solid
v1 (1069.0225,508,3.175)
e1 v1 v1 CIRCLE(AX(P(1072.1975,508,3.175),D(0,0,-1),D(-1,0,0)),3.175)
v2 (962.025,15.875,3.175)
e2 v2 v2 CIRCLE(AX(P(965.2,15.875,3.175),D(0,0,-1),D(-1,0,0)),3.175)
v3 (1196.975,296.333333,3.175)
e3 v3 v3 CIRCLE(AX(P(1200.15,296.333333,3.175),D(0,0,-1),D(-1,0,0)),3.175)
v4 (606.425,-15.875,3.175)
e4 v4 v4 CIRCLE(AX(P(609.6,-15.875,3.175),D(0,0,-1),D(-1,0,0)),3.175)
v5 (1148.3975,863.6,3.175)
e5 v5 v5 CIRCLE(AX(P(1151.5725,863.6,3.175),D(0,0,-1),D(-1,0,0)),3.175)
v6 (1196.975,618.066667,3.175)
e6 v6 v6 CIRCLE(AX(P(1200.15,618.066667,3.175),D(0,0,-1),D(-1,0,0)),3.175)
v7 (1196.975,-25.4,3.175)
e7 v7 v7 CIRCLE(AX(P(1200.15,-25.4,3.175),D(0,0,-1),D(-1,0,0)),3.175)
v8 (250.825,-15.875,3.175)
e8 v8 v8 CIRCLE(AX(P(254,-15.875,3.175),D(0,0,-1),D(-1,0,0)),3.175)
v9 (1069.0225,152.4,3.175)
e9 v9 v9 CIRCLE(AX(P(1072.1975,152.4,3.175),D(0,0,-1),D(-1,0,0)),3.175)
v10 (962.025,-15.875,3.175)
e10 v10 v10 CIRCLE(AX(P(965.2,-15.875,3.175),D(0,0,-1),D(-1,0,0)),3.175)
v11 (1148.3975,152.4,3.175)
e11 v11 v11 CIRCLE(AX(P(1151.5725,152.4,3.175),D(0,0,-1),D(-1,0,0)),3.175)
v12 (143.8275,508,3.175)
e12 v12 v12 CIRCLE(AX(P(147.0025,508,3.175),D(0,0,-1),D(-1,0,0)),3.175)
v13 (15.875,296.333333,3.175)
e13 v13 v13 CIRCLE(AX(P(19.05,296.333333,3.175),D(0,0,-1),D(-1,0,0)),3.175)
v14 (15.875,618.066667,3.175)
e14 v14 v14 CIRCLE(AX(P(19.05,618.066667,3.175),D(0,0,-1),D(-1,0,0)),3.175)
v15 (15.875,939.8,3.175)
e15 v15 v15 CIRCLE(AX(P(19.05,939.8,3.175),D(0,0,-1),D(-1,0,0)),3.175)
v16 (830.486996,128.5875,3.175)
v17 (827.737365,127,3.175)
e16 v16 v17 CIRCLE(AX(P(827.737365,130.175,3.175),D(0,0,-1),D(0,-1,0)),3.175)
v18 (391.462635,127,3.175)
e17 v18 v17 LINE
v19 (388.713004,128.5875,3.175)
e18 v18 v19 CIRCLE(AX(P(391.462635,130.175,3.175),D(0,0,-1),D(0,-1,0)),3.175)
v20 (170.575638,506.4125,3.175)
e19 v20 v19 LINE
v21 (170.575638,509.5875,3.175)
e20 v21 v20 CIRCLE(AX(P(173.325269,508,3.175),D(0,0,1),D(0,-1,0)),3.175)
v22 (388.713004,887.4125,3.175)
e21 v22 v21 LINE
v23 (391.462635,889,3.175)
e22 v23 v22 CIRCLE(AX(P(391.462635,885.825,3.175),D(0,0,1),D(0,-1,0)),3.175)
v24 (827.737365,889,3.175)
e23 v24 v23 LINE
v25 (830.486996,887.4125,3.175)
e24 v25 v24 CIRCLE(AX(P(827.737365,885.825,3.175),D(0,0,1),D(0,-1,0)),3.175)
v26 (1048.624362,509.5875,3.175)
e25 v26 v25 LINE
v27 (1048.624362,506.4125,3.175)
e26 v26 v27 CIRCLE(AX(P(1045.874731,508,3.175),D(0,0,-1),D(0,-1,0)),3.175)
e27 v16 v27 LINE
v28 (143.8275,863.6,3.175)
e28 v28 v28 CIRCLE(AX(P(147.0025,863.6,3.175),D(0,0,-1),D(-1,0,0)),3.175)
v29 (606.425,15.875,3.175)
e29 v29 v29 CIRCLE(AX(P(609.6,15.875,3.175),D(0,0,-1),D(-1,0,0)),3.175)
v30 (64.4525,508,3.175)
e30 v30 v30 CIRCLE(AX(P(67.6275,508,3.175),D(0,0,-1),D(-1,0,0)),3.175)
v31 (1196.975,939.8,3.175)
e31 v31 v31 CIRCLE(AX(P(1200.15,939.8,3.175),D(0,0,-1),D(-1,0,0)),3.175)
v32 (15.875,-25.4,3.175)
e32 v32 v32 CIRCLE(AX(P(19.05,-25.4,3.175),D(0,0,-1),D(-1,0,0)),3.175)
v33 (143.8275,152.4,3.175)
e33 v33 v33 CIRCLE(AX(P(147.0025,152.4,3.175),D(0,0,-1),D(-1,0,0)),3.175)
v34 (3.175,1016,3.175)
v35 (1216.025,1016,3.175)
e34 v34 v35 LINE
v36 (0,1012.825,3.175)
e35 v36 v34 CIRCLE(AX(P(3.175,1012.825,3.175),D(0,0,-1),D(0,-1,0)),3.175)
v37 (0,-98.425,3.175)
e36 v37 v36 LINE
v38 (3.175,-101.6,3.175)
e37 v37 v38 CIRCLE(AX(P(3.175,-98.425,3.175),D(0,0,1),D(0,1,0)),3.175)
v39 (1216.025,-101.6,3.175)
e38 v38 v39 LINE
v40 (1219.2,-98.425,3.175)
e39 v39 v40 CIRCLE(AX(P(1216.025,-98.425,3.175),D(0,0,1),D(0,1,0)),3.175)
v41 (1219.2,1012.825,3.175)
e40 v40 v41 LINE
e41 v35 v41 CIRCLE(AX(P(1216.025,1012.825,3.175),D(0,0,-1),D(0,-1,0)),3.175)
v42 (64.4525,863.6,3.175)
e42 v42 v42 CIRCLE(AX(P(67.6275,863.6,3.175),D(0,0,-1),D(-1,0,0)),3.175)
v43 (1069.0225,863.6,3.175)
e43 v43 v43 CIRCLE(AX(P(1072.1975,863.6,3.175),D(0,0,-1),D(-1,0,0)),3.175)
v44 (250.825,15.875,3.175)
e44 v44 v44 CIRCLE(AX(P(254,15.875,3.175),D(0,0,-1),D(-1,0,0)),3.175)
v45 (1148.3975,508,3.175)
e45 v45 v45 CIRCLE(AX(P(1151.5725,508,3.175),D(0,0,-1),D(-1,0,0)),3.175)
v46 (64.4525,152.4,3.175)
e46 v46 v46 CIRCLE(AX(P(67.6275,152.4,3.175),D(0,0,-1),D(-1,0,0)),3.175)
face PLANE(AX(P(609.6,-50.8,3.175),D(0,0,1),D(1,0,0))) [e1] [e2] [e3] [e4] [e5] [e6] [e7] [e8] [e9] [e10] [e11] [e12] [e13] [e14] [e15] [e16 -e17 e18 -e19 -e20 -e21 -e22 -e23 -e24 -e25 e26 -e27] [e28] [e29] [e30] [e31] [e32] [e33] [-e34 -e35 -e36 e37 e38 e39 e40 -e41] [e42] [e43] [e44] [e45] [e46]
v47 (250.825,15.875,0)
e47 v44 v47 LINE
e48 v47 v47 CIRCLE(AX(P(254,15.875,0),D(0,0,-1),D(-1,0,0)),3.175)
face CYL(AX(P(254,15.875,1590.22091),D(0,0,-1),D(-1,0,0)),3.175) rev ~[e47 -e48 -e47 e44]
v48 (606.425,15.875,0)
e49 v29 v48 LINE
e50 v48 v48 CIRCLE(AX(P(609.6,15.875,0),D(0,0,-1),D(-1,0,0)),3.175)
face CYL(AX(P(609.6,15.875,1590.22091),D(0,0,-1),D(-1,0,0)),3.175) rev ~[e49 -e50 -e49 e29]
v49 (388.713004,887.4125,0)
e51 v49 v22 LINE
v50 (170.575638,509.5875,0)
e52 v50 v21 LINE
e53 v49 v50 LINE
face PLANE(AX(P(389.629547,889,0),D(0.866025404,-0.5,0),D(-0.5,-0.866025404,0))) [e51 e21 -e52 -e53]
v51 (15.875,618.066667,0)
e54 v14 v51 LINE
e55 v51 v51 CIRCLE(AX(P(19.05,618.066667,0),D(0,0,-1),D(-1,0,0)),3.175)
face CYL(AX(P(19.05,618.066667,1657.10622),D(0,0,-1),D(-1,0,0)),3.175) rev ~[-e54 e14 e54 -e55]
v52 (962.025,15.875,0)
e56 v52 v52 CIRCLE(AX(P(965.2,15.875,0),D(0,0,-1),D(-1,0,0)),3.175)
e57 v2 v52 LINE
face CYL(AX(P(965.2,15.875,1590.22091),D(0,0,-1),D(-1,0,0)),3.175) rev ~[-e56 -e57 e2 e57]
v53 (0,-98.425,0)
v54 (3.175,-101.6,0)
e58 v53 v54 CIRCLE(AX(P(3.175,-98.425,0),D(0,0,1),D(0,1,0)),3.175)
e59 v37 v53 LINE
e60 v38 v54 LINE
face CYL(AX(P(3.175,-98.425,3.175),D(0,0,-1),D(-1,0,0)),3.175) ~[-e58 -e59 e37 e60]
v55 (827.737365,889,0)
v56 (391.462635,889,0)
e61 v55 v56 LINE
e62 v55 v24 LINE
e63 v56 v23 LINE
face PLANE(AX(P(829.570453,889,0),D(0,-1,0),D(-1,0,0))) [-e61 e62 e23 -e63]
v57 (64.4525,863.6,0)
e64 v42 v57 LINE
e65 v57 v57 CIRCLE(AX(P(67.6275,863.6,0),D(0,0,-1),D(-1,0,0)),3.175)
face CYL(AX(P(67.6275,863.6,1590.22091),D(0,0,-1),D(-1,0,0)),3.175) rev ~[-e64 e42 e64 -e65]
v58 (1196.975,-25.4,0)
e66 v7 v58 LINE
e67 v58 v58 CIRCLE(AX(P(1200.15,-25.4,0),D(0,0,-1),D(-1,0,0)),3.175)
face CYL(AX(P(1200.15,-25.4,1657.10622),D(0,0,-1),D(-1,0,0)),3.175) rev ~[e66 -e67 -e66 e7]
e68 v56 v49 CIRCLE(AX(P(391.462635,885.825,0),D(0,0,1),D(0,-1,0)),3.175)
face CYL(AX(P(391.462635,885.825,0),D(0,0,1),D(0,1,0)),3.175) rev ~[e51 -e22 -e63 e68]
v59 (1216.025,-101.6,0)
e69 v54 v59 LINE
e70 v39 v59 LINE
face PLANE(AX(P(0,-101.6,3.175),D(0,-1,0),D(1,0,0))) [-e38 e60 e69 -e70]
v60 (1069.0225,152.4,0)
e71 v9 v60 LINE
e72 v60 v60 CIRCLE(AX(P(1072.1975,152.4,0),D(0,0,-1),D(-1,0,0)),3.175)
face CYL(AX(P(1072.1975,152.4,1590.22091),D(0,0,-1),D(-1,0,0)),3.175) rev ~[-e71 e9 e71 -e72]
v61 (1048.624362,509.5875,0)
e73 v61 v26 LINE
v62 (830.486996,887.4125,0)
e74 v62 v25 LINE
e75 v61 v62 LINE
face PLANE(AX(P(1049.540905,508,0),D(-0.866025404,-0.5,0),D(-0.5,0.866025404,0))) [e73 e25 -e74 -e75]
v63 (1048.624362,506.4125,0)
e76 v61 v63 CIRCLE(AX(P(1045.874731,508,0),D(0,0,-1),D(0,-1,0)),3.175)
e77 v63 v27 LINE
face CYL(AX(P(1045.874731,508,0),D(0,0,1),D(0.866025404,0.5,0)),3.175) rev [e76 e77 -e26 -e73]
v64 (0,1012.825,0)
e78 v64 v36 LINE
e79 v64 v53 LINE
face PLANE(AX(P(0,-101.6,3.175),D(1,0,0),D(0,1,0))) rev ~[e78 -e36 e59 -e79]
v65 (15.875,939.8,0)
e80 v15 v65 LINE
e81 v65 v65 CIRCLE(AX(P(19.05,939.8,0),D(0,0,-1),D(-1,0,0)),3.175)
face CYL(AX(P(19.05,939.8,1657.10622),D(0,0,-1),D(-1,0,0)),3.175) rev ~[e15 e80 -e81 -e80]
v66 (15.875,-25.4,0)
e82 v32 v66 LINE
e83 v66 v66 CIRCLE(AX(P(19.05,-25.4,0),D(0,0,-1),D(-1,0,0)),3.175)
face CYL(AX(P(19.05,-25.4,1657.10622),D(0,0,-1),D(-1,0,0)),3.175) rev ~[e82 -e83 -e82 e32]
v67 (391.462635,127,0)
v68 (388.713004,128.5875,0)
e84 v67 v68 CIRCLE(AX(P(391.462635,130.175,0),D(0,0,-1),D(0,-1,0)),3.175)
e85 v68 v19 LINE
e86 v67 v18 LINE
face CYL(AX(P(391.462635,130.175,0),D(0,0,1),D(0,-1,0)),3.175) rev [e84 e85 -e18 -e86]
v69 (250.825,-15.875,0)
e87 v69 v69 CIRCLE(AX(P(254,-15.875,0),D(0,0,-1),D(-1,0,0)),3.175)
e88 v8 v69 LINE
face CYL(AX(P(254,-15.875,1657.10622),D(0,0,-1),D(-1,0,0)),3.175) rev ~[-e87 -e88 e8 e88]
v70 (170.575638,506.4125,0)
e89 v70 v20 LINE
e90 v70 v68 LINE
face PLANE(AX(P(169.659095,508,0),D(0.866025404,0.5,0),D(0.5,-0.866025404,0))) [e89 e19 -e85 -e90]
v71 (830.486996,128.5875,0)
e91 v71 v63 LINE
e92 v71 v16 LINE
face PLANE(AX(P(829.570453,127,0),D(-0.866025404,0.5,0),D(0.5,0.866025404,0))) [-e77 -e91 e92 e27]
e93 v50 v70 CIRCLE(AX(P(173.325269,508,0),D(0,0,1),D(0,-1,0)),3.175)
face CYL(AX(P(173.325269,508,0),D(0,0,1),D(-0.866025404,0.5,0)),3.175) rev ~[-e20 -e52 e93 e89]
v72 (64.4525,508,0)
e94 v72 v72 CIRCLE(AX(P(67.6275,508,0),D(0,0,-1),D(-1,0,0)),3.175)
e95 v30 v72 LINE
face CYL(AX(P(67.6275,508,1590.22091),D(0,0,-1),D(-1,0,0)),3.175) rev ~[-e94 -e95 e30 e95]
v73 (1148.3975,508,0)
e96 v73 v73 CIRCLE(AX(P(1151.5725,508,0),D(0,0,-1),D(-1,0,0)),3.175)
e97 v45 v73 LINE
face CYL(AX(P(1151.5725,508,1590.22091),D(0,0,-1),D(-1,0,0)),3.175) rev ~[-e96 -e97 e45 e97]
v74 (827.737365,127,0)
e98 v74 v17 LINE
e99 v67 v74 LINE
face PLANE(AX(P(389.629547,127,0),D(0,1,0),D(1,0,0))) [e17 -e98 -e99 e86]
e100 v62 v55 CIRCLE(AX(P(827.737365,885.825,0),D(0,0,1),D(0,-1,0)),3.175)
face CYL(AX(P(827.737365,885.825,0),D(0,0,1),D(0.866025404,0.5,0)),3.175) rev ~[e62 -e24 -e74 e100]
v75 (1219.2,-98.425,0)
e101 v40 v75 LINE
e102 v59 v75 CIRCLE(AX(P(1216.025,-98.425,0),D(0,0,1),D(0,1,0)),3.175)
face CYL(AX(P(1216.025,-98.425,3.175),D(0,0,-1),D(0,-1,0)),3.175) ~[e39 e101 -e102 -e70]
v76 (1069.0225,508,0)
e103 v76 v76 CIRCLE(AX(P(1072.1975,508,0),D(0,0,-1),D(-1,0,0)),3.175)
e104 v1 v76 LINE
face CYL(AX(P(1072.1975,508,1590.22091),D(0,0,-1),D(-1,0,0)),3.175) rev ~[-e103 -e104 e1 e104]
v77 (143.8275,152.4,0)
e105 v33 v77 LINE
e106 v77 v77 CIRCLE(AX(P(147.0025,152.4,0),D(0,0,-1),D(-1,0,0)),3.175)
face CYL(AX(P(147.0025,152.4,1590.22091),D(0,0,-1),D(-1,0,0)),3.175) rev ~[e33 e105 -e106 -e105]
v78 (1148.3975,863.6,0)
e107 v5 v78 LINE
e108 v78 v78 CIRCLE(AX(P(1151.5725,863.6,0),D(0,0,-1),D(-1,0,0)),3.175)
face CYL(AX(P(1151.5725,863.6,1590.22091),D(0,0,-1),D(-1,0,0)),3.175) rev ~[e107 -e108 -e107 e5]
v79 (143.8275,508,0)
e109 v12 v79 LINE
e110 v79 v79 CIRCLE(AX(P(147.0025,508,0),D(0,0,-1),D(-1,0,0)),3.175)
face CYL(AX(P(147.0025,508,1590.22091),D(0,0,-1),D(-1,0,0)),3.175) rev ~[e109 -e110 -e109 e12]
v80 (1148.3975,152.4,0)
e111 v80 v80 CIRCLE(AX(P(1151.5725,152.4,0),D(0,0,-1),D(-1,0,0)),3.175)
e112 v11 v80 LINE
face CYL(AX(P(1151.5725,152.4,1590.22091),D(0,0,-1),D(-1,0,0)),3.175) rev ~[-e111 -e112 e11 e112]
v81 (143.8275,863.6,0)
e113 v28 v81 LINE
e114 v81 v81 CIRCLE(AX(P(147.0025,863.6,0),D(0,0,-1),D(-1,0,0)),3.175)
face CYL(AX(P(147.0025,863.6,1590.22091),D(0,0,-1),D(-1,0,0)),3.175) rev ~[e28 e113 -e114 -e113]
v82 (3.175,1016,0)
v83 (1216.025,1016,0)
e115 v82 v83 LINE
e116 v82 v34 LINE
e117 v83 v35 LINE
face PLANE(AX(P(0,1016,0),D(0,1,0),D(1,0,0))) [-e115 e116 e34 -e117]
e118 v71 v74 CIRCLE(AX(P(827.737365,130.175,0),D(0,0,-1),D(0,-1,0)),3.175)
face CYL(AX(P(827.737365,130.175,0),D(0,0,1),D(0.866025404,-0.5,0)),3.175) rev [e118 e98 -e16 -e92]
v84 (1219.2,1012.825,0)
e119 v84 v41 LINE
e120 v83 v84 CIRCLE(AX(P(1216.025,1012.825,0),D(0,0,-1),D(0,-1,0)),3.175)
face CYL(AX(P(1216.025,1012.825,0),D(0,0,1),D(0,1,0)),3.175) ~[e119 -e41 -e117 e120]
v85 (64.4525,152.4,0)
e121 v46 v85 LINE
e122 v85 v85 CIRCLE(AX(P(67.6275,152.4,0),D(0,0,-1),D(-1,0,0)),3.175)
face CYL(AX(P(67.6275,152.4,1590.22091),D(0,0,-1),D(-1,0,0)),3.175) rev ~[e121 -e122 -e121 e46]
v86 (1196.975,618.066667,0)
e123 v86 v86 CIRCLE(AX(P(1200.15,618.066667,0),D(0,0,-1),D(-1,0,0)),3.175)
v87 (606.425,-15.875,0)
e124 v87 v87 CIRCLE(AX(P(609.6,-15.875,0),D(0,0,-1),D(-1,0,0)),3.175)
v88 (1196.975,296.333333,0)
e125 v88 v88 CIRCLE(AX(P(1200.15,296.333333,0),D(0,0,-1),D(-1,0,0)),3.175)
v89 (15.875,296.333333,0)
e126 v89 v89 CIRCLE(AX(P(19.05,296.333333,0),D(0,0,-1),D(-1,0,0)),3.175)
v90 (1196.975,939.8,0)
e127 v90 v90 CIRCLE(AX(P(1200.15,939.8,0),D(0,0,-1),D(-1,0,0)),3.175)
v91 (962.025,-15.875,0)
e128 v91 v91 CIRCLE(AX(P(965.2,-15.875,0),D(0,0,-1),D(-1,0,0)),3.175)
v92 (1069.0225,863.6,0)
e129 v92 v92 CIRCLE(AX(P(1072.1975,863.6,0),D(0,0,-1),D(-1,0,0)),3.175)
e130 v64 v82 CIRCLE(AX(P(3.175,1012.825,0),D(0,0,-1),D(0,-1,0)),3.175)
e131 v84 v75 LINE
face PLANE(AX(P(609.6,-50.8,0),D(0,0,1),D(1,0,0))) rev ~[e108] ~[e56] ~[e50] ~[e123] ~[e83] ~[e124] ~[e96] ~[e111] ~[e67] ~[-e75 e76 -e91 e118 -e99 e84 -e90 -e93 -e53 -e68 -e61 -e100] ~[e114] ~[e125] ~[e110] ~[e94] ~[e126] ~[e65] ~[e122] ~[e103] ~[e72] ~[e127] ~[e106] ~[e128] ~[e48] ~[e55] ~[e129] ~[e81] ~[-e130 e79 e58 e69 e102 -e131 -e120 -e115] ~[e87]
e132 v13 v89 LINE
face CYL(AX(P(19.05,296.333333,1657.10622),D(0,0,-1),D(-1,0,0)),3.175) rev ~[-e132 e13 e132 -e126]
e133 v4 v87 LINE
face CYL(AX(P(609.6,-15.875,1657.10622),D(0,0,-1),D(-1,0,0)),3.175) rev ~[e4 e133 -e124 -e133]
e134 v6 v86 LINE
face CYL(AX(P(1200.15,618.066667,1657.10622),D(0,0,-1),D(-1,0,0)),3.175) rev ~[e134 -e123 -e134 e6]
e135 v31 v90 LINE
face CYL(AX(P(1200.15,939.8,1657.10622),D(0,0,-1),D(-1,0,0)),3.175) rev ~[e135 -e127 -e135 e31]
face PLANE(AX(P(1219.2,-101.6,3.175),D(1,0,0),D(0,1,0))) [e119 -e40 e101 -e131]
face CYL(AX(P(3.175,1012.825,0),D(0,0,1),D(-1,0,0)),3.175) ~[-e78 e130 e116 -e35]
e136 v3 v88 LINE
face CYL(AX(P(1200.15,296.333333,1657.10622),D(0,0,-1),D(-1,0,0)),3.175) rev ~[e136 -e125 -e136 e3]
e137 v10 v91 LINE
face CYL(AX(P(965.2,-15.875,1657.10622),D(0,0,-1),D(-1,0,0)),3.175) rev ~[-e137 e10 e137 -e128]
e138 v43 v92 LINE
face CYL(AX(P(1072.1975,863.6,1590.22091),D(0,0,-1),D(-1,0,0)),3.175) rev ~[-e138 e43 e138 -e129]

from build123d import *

# Parameters (mm, degrees)
SKETCH1_W                    = 1219.2
SKETCH1_H                    = 1016
BOSS_EXTRUDE1_DEPTH          = 3.175
F_1_4_0_25_DIAMETER_HOLE1_D  = 6.35
F_1_4_0_25_DIAMETER_HOLE2_D  = 6.35
SKETCH7_W                    = 1219.2
SKETCH7_H                    = 101.6
BOSS_EXTRUDE2_DEPTH          = 3.175
F_1_4_0_25_DIAMETER_HOLE3_D  = 6.35
FILLET1_R                    = 3.175
F_1_4_0_266_DIAMETER_HOLE1_D = 6.35


with BuildPart() as part:
    # Sketch1 → Boss-Extrude1 (new body)
    with BuildSketch(Plane.XY):
        with Locations((609.6, 508)):
            Rectangle(SKETCH1_W, SKETCH1_H)
        Polygon((1049.540905122, 508), (829.570452561, 889), (389.629547439, 889), (169.659094878, 508), (389.629547439, 127), (829.570452561, 127), align=None, mode=Mode.SUBTRACT)
    extrude(amount=BOSS_EXTRUDE1_DEPTH)

    # 1/4 (0.25) Diameter Hole1 (through all)
    with Locations(Plane.XY.offset(3.175)):
        with Locations((254, 15.875), (609.6, 15.875), (965.2, 15.875)):
            Hole(F_1_4_0_25_DIAMETER_HOLE1_D / 2)

    # 1/4 (0.25) Diameter Hole2 (through all)
    with Locations(Plane.XY.offset(3.175)):
        with Locations((1151.5725, 863.6), (67.6275, 863.6), (147.0025, 863.6), (67.6275, 152.4), (147.0025, 152.4), (67.6275, 508), (147.0025, 508), (1072.1975, 152.4), (1151.5725, 152.4), (1072.1975, 508), (1151.5725, 508), (1072.1975, 863.6)):
            Hole(F_1_4_0_25_DIAMETER_HOLE2_D / 2)

    # Sketch7 → Boss-Extrude2 (add)
    with BuildSketch(Plane.XY.offset(3.175)):
        with Locations((609.6, -50.8)):
            Rectangle(SKETCH7_W, SKETCH7_H)
    extrude(amount=-BOSS_EXTRUDE2_DEPTH)

    # 1/4 (0.25) Diameter Hole3 (through all)
    with Locations(Plane.XY.offset(3.175)):
        with Locations((965.2, -15.875), (254, -15.875), (609.6, -15.875)):
            Hole(F_1_4_0_25_DIAMETER_HOLE3_D / 2)

    # Fillet1
    fillet1_edges = [part.edges().sort_by_distance(p)[0] for p in [
        (0, -101.6, 1.5875),
        (1219.2, -101.6, 1.5875),
        (829.570452561, 127, 1.5875),
        (1049.540905122, 508, 1.5875),
        (829.570452561, 889, 1.5875),
        (389.629547439, 889, 1.5875),
        (169.659094878, 508, 1.5875),
        (389.629547439, 127, 1.5875),
        (0, 1016, 1.5875),
        (1219.2, 1016, 1.5875),
    ]]
    fillet(fillet1_edges, radius=FILLET1_R)

    # 1/4 (0.266) Diameter Hole1 (through all)
    with Locations(Plane.XY.offset(3.175)):
        with Locations((19.05, 296.333333333), (1200.15, 939.8), (1200.15, 618.066666667), (1200.15, 296.333333333), (1200.15, -25.4), (19.05, 939.8), (19.05, 618.066666667), (19.05, -25.4)):
            Hole(F_1_4_0_266_DIAMETER_HOLE1_D / 2)


solid = part.part
